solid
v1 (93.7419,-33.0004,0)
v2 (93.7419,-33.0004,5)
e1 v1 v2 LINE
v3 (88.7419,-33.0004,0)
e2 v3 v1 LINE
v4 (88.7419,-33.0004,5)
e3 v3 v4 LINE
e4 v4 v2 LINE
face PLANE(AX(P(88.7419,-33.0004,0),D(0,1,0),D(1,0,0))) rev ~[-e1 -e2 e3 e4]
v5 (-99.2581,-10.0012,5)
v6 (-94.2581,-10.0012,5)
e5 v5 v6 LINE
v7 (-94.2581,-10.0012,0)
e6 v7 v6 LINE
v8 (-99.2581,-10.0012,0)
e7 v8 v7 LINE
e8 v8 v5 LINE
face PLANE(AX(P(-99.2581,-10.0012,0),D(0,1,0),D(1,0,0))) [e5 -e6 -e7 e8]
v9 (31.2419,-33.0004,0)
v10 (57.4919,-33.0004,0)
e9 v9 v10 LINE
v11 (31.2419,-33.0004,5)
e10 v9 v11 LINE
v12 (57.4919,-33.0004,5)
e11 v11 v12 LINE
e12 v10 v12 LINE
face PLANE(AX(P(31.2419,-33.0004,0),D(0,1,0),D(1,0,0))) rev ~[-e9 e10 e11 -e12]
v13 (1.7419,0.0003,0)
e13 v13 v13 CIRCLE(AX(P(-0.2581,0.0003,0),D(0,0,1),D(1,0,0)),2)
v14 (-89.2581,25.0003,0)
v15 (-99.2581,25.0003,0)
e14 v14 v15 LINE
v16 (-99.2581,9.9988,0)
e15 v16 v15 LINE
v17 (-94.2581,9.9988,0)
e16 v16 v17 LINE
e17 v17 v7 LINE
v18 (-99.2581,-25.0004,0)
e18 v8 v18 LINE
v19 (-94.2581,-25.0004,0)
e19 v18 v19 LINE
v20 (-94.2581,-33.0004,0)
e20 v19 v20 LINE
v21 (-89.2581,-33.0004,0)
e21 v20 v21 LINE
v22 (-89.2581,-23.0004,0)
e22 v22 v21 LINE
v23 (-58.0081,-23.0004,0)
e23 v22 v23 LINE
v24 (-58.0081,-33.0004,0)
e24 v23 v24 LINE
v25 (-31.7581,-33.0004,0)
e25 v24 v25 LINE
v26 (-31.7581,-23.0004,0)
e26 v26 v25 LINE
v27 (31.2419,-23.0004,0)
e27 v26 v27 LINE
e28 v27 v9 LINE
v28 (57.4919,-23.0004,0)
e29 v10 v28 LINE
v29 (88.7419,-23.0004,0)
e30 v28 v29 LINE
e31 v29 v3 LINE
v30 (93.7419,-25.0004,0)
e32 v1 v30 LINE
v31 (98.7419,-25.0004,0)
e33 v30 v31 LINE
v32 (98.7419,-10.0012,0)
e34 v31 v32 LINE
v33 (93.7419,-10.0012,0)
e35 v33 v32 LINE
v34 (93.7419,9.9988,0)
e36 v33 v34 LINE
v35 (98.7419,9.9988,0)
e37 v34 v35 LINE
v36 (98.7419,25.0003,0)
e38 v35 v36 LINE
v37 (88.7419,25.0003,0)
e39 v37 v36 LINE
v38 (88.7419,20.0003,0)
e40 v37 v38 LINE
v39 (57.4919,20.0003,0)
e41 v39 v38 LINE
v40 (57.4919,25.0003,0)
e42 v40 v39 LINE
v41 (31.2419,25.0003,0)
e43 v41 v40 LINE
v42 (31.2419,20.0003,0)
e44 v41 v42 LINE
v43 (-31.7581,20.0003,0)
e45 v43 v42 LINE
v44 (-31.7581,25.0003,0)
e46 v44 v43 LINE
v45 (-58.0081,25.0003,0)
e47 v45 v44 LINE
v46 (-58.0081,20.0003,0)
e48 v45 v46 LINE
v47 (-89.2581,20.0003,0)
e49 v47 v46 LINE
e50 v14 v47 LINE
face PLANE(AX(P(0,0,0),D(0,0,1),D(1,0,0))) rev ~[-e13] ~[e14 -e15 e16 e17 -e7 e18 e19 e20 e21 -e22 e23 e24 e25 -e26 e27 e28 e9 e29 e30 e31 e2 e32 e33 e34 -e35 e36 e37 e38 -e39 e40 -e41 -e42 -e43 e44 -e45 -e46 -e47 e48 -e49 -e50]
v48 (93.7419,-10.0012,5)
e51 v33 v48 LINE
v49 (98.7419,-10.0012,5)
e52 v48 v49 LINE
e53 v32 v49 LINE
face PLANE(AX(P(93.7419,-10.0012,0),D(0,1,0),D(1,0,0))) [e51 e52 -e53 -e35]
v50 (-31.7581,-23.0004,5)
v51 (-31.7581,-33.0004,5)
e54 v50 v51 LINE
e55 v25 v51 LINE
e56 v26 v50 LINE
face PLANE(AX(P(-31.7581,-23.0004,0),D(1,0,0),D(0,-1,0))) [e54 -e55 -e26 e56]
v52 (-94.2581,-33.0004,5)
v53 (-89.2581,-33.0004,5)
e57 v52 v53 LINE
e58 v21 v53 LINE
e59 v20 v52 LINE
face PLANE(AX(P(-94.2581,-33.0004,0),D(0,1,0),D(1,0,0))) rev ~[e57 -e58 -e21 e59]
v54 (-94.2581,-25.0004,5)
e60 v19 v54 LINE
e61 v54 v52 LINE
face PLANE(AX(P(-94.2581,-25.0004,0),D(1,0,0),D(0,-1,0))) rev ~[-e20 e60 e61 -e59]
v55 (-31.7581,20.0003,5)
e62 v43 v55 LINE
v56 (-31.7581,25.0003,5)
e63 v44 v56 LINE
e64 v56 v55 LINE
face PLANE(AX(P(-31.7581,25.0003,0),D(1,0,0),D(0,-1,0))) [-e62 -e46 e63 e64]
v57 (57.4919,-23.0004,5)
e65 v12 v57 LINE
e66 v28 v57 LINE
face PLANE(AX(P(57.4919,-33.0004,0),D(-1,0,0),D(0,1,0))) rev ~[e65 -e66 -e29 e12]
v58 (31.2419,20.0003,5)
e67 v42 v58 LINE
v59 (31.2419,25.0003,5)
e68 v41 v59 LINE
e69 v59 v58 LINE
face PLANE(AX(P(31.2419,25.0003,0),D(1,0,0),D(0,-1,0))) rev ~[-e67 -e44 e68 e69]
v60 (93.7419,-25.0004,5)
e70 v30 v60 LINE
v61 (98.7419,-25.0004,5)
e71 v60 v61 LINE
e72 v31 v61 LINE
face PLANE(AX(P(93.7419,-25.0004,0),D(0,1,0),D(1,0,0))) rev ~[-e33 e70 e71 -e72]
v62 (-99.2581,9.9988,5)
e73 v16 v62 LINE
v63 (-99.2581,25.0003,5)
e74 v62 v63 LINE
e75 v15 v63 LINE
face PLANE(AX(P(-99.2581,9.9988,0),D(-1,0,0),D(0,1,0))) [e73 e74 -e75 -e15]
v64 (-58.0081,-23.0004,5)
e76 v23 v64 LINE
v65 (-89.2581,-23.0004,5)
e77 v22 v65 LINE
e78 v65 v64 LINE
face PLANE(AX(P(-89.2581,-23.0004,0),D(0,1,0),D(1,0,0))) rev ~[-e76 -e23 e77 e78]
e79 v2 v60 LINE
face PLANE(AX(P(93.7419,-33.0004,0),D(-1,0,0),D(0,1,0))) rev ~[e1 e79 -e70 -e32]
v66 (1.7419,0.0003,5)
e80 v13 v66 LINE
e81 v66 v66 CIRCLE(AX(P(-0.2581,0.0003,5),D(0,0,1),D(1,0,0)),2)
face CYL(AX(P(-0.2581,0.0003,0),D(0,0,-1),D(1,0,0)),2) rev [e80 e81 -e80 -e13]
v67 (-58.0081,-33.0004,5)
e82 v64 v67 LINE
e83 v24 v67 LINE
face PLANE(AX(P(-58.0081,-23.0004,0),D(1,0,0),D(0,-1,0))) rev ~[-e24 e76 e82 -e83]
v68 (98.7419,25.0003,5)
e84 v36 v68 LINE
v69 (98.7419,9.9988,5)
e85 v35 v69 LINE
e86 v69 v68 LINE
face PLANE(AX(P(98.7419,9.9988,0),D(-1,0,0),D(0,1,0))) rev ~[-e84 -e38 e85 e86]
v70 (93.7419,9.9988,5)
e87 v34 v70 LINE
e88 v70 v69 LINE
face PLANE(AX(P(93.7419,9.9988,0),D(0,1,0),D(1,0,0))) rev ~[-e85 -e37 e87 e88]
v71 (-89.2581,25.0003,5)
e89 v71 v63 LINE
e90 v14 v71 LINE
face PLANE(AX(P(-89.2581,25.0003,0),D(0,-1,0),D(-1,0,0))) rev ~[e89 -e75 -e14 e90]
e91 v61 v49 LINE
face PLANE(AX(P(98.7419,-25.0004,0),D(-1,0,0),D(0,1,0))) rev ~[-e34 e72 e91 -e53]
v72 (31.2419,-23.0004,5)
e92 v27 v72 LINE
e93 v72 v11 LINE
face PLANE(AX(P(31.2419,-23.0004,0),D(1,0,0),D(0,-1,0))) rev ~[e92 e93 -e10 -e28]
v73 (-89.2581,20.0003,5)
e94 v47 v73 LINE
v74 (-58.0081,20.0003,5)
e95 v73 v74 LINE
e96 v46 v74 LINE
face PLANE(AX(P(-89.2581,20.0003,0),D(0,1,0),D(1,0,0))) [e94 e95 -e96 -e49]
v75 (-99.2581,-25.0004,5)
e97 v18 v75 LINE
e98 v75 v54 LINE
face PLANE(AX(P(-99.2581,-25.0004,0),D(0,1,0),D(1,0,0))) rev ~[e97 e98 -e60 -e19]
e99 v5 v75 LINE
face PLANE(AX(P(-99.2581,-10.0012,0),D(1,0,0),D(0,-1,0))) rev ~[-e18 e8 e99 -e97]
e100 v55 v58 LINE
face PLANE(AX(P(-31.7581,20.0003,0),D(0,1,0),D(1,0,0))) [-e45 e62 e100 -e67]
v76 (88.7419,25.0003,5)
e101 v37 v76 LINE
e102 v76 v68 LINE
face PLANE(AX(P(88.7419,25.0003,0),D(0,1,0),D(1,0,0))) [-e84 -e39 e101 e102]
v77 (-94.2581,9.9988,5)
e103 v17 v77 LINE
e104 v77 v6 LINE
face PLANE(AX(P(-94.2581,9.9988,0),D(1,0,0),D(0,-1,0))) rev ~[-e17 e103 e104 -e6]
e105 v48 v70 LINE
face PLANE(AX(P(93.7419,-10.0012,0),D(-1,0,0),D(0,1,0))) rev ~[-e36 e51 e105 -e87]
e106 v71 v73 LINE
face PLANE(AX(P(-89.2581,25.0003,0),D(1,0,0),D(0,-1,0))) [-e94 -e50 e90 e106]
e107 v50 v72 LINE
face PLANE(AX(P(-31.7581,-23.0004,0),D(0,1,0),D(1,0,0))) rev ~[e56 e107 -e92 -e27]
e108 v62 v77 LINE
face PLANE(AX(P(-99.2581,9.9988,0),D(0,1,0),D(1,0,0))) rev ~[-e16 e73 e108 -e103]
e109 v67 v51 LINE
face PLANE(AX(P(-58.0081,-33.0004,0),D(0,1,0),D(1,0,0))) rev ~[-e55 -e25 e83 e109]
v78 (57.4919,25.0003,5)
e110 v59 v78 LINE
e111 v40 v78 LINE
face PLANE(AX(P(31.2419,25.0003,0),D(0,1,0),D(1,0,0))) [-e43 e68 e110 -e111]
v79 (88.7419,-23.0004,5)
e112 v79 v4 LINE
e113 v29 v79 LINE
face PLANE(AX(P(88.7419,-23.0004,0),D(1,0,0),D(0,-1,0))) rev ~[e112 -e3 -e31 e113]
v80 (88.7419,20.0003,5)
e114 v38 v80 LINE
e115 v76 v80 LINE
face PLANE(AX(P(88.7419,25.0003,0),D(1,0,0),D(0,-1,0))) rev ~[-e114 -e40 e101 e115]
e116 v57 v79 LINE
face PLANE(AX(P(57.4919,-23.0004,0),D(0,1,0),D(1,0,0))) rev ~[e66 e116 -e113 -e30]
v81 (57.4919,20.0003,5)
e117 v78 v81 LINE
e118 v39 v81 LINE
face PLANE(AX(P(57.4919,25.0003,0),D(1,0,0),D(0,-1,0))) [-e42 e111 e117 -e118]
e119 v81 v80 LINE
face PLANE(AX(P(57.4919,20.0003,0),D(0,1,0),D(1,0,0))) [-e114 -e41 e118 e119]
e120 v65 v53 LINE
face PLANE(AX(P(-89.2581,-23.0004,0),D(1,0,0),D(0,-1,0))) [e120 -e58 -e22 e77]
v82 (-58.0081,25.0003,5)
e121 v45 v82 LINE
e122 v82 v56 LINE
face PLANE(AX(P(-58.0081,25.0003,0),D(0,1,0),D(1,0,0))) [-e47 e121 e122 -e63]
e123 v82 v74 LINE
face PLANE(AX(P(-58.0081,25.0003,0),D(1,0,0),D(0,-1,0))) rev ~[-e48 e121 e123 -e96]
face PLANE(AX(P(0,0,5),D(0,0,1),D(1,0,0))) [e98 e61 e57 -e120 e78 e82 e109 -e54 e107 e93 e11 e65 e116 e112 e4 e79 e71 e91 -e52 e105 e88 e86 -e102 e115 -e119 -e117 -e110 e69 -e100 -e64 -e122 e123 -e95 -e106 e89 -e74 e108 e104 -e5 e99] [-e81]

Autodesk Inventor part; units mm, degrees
ref_plane "YZ Plane" through (0, 0, 0) normal (1, 0, 0) x (0, 1, 0)
ref_plane "XZ Plane" through (0, 0, 0) normal (0, 1, 0) x (-1, 0, 0)
ref_plane "XY Plane" through (0, 0, 0) normal (0, 0, 1) x (1, 0, 0)
sketch "Sketch1" plane through (0, 0, 0) normal (0, 0, 1) x (1, 0, 0)
  line L0 (-89.2581, -23.0004) -> (-89.2581, -33.0004)
  line L1 (-89.2581, -23.0004) -> (-58.0081, -23.0004)
  line L2 (-58.0081, -23.0004) -> (-58.0081, -33.0004)
  line L3 (-31.7581, -23.0004) -> (-31.7581, -33.0004)
  line L4 (-31.7581, -23.0004) -> (31.2419, -23.0004)
  line L5 (31.2419, -23.0004) -> (31.2419, -33.0004)
  line L6 (93.7419, -25.0004) -> (98.7419, -25.0004)
  line L7 (98.7419, -25.0004) -> (98.7419, -10.0012)
  line L8 (93.7419, -10.0012) -> (98.7419, -10.0012)
  line L9 (93.7419, -10.0012) -> (93.7419, 9.9988)
  line L10 (93.7419, 9.9988) -> (98.7419, 9.9988)
  line L11 (98.7419, 9.9988) -> (98.7419, 25.0003)
  line L12 (-99.2581, 9.9988) -> (-99.2581, 25.0003)
  line L13 (-99.2581, 9.9988) -> (-94.2581, 9.9988)
  line L14 (-99.2581, -10.0012) -> (-99.2581, -25.0004)
  line L15 (-99.2581, -10.0012) -> (-94.2581, -10.0012)
  line L16 (-99.2581, -25.0004) -> (-94.2581, -25.0004)
  line L17 (-94.2581, 9.9988) -> (-94.2581, -10.0012)
  line L18 (-94.2581, -25.0004) -> (-94.2581, -33.0004)
  line L19 (93.7419, -33.0004) -> (93.7419, -25.0004)
  line L20 (-89.2581, 25.0003) -> (-89.2581, 20.0003)
  line L21 (-89.2581, 20.0003) -> (-58.0081, 20.0003)
  line L22 (-58.0081, 25.0003) -> (-58.0081, 20.0003)
  line L23 (-58.0081, 25.0003) -> (-31.7581, 25.0003)
  line L24 (-31.7581, 25.0003) -> (-31.7581, 20.0003)
  line L25 (-31.7581, 20.0003) -> (31.2419, 20.0003)
  line L26 (31.2419, 25.0003) -> (31.2419, 20.0003)
  line L27 (31.2419, 25.0003) -> (57.4919, 25.0003)
  line L28 (57.4919, 25.0003) -> (57.4919, 20.0003)
  line L29 (57.4919, 20.0003) -> (88.7419, 20.0003)
  line L30 (88.7419, 25.0003) -> (88.7419, 20.0003)
  line L31 (-89.2581, 25.0003) -> (-99.2581, 25.0003)
  line L32 (88.7419, 25.0003) -> (98.7419, 25.0003)
  circle A0 centre (-0.2581, 0.0003) radius 2
  line L33 (57.4919, -33.0004) -> (57.4919, -23.0004)
  line L34 (57.4919, -23.0004) -> (88.7419, -23.0004)
  line L35 (88.7419, -23.0004) -> (88.7419, -33.0004)
  circle A1 centre (-0.2581, 0.0003) radius 2
  circle A2 centre (-0.2581, 0.0003) radius 2
  circle A3 centre (-0.2581, 0.0003) radius 2
  line L36 (88.7419, -33.0004) -> (93.7419, -33.0004)
  line L37 (31.2419, -33.0004) -> (57.4919, -33.0004)
  line L38 (-94.2581, -33.0004) -> (-89.2581, -33.0004)
  line L39 (-58.0081, -33.0004) -> (-31.7581, -33.0004)
  dimension "d46" = 198
  dimension "d47" = 4
  dimension "d48" = 26.25
  dimension "d50" = 63
  dimension "d51" = 31.25
  dimension "d56" = 43.0007
  dimension "d57" = 48.0007
  dimension "d59" = 5
extrude "Extrusion3" add sketch "Sketch1" along normal blind 5
properties part number "case bottom sides" material "ABS Plastic"
